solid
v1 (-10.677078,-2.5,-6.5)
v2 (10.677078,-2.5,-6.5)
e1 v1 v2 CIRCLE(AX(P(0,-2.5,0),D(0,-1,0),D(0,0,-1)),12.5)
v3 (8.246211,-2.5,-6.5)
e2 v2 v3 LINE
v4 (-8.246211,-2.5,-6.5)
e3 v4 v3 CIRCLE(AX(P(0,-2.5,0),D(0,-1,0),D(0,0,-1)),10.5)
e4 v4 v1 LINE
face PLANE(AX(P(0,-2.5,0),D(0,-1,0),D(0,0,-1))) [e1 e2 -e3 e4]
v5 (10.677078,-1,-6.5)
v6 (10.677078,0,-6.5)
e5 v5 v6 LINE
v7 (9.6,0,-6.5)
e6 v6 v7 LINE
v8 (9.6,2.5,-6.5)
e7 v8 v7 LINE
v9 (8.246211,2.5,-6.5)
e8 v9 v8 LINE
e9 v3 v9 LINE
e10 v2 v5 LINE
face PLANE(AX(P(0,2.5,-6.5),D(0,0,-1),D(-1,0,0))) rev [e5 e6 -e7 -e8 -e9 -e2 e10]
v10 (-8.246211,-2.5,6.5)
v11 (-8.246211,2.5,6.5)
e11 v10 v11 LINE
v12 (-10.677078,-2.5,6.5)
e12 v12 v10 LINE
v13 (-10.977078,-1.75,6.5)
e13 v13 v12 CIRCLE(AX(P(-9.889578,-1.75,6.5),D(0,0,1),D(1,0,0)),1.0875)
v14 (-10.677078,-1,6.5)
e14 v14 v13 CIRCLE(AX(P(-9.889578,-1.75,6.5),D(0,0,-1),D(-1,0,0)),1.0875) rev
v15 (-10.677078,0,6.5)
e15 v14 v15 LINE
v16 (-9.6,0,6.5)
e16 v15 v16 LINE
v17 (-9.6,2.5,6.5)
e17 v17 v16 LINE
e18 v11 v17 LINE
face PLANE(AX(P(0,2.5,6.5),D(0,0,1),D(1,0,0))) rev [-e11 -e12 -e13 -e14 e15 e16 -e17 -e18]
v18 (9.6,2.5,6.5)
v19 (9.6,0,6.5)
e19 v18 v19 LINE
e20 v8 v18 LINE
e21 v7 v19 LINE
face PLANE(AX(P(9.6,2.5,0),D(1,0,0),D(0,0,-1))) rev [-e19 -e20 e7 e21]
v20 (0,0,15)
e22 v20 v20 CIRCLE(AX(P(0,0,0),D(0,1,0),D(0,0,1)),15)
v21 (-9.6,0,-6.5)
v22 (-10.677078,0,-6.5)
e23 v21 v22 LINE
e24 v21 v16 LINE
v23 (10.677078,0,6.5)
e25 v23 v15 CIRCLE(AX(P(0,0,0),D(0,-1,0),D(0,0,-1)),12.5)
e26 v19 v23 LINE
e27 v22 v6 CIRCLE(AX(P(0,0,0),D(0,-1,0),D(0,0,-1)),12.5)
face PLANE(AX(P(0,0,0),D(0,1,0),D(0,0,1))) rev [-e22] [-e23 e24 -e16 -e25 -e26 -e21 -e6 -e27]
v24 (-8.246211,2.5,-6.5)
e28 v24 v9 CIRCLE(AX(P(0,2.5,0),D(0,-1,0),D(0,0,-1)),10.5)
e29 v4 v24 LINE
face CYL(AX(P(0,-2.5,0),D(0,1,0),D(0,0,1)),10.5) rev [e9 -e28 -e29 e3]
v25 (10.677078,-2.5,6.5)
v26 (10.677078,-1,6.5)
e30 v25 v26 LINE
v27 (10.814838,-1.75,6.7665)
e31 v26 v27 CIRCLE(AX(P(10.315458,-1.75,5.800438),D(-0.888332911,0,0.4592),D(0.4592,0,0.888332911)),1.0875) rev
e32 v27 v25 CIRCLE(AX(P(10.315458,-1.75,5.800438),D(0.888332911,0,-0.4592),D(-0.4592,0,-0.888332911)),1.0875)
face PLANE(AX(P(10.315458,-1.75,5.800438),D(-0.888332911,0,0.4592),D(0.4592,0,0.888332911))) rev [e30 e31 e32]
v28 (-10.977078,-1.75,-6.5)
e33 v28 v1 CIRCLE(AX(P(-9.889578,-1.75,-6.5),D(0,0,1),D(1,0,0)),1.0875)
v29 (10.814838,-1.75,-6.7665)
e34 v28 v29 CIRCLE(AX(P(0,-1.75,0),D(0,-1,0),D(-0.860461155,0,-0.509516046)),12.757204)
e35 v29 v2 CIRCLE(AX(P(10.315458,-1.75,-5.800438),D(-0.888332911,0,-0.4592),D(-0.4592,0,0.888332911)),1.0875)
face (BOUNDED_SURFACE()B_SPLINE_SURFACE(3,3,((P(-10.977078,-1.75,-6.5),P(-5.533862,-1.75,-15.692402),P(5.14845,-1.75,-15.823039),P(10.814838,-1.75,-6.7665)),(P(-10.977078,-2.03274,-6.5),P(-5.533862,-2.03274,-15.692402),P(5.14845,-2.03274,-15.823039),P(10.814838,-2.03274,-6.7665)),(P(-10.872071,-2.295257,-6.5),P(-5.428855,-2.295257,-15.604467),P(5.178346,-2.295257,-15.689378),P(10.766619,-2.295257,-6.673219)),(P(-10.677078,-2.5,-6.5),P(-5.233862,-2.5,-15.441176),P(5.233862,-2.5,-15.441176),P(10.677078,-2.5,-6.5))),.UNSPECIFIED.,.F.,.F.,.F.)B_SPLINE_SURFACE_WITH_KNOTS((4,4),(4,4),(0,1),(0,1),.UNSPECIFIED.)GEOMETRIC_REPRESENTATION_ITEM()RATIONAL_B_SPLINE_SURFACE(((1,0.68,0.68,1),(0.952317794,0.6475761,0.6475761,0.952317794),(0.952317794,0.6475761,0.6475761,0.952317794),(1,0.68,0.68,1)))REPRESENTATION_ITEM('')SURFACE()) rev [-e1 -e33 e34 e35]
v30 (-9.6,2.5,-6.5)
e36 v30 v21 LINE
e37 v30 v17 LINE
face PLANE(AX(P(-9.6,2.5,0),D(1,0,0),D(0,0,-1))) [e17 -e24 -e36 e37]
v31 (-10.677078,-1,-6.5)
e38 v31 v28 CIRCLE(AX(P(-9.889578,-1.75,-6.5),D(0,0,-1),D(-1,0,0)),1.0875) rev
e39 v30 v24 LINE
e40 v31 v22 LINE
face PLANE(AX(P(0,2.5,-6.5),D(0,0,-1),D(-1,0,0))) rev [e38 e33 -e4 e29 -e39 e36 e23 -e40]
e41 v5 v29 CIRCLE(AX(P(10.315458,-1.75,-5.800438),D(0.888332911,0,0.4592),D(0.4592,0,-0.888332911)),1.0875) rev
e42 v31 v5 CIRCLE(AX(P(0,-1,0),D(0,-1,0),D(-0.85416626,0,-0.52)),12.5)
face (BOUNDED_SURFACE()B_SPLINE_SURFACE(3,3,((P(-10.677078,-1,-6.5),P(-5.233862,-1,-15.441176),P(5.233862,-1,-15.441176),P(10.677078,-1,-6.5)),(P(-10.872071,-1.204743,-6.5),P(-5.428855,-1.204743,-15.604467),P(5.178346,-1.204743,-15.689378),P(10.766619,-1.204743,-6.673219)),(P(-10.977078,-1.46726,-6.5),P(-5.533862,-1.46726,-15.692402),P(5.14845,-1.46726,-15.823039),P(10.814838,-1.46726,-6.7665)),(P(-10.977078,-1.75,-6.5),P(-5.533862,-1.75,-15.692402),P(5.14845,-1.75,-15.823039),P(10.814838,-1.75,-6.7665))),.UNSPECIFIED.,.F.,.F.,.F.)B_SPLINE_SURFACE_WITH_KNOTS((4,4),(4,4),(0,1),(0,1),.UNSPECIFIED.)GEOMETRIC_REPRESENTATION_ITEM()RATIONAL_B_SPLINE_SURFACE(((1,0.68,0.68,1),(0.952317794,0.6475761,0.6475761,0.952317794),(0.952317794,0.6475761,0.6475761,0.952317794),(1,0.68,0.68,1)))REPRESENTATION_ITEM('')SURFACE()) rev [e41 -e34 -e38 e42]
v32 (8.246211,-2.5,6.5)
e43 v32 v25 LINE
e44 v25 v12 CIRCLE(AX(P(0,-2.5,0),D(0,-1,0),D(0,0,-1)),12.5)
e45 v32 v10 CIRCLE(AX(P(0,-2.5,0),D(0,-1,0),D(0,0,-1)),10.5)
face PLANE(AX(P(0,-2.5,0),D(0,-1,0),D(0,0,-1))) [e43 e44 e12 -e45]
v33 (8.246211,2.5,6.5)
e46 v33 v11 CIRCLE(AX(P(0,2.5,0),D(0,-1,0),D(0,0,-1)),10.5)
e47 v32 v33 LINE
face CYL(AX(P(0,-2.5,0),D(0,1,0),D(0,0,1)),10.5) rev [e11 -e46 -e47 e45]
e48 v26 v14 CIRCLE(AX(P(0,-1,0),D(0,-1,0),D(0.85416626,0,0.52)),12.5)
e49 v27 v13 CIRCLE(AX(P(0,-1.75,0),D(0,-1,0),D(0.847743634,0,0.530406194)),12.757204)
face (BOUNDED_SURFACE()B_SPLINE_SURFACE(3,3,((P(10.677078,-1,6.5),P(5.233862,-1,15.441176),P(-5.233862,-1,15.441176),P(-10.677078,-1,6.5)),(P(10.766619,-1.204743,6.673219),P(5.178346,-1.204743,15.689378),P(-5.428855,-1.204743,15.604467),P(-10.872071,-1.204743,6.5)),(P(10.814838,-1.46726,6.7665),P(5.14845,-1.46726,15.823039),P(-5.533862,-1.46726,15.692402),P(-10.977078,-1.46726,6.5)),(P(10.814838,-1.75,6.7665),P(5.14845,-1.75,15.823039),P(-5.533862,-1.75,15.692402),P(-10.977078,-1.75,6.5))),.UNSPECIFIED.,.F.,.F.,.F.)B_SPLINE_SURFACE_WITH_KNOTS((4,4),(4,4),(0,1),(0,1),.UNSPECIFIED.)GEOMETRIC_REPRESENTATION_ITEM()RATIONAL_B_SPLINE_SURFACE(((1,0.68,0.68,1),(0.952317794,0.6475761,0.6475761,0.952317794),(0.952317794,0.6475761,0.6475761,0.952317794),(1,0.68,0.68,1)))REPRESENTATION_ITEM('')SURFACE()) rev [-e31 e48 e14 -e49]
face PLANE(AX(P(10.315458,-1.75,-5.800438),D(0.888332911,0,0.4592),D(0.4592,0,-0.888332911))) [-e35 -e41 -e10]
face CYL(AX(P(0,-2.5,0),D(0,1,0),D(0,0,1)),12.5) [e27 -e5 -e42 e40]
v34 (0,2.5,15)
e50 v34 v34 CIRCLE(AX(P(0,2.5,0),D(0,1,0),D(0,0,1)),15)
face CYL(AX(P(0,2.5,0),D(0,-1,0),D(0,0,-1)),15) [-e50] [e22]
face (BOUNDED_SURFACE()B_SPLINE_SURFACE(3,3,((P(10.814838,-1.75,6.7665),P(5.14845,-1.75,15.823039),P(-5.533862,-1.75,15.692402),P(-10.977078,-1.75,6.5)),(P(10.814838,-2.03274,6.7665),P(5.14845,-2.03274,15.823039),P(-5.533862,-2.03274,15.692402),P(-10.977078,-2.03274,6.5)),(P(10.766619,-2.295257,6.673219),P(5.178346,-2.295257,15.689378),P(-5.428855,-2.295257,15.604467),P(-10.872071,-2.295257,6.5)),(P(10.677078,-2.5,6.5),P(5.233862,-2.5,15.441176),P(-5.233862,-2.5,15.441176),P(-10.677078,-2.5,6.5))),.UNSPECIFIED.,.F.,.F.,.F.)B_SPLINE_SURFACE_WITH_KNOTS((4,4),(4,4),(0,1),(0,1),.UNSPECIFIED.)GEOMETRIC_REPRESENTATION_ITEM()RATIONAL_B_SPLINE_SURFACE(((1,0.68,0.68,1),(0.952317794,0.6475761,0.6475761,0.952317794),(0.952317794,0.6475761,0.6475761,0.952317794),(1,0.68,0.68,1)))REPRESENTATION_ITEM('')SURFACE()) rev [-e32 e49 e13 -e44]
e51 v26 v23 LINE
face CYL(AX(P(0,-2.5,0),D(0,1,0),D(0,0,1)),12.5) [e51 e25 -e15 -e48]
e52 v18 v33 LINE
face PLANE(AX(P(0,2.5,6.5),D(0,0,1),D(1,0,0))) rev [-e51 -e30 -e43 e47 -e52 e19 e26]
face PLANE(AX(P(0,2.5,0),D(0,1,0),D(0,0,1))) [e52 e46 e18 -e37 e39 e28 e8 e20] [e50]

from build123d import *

# Parameters (mm, degrees)
SKETCH1_R               = 15.000000000000009
BOSS_EXTRUDE1_DEPTH     = 2.5
BOSS_EXTRUDE2_DEPTH     = 2.5
CUT_EXTRUDE1_DEPTH      = 22.360009363293848
CUT_EXTRUDE1_DEPTH_BACK = 22.360009363293848


with BuildPart() as part:
    # Sketch1 → Boss-Extrude1 (new body)
    with BuildSketch(Plane(origin=(0, 0, 0), x_dir=(1, 0, 0), z_dir=(0, 1, 0))):
        Circle(SKETCH1_R)
        Polygon((-9.600000000000001, 6.500000000000001), (9.599999999999998, 6.500000000000001), (9.600000000000001, -6.499999999999999), (-9.6, -6.499999999999999), align=None, mode=Mode.SUBTRACT)
    extrude(amount=BOSS_EXTRUDE1_DEPTH)

    # Sketch2 → Boss-Extrude2 (add)
    with BuildSketch(Plane.XZ):
        with BuildLine():
            ThreePointArc((10.677078252031343, 6.499999999999946), (1.9505e-13, 12.5), (-10.677078252031139, 6.5000000000002816))
            Line((-10.677078252031041, 6.500000000000222), (-8.246211251235344, 6.499999999999985))
            ThreePointArc((-8.246211251235334, 6.499999999999984), (9.623e-14, 10.5), (8.246211251235454, 6.499999999999831))
            Line((8.246211251235511, 6.499999999999877), (10.677078252031361, 6.499999999999957))
        make_face()
        with BuildLine():
            Line((-8.24621125123534, -6.499999999999991), (-10.67707825203104, -6.500000000000227))
            ThreePointArc((-10.677078252031139, -6.500000000000285), (1.9754e-13, -12.5), (10.677078252031343, -6.499999999999948))
            Line((10.677078252031361, -6.499999999999961), (8.246211251235515, -6.499999999999878))
            ThreePointArc((8.24621125123545, -6.499999999999835), (9.133e-14, -10.5), (-8.246211251235332, -6.499999999999985))
        make_face()
    extrude(amount=BOSS_EXTRUDE2_DEPTH)

    # Sketch2<3> → Cut-Extrude1 (cut, two sides: drawn at the far end of the back side and taken through both)
    with BuildSketch(Plane.XZ.offset(-CUT_EXTRUDE1_DEPTH_BACK)):
        with BuildLine():
            ThreePointArc((8.246211251235135, 6.500000000000237), (-8.68e-15, 10.5), (-8.246211251235145, 6.500000000000222))
            Line((-8.246211251235067, 6.499999999999999), (8.24621125123505, 6.499999999999999))
        make_face()
        with BuildLine():
            Line((8.246211251235048, -6.500000000000003), (-8.246211251235064, -6.500000000000003))
            ThreePointArc((-8.246211251235142, -6.5000000000002265), (-1.125e-14, -10.5), (8.24621125123513, -6.500000000000245))
        make_face()
    extrude(amount=CUT_EXTRUDE1_DEPTH + CUT_EXTRUDE1_DEPTH_BACK, mode=Mode.SUBTRACT)

    # Sweep2: sweep along a curve in space
    with BuildLine() as sweep2_path:
        ThreePointArc((10.677078252031313, -2.5, 6.499999999999999), (-1.78e-15, -2.5, 12.5), (-10.677078252031313, -2.5, 6.499999999999999))
    # Sketch4 → Sweep2 (sweep)
    with BuildSketch(Plane(origin=(2.88e-15, 0, 6.499999999999995), x_dir=(-1, 0, 4.4e-16), z_dir=(-4.4e-16, 0, -1))):
        with BuildLine():
            Line((10.677078252031317, -2.5), (10.677078252031317, -1))
            ThreePointArc((10.677078252031317, -1), (10.899296653369037, -1.3461126394649119), (10.977078252031317, -1.75))
            ThreePointArc((10.977078252031317, -1.75), (10.899296653369037, -2.153887360535088), (10.677078252031317, -2.5))
        make_face()
    sweep(path=sweep2_path.line)

    # Sweep4: sweep along a curve in space
    with BuildLine() as sweep4_path:
        ThreePointArc((-10.677078252031311, -2.5, -6.500000000000003), (0, -2.5, -12.500000000000002), (10.677078252031311, -2.5, -6.500000000000003))
    # Sketch11 → Sweep4 (sweep)
    with BuildSketch(Plane.XY.offset(-6.500000000000005)):
        with BuildLine():
            Line((-10.677078252031315, -2.5), (-10.677078252031315, -1))
            ThreePointArc((-10.677078252031315, -1), (-10.899296653369035, -1.3461126394649117), (-10.977078252031315, -1.7499999999999998))
            ThreePointArc((-10.977078252031315, -1.7499999999999998), (-10.899296653369035, -2.1538873605350877), (-10.677078252031315, -2.5))
        make_face()
    sweep(path=sweep4_path.line)


solid = part.part
